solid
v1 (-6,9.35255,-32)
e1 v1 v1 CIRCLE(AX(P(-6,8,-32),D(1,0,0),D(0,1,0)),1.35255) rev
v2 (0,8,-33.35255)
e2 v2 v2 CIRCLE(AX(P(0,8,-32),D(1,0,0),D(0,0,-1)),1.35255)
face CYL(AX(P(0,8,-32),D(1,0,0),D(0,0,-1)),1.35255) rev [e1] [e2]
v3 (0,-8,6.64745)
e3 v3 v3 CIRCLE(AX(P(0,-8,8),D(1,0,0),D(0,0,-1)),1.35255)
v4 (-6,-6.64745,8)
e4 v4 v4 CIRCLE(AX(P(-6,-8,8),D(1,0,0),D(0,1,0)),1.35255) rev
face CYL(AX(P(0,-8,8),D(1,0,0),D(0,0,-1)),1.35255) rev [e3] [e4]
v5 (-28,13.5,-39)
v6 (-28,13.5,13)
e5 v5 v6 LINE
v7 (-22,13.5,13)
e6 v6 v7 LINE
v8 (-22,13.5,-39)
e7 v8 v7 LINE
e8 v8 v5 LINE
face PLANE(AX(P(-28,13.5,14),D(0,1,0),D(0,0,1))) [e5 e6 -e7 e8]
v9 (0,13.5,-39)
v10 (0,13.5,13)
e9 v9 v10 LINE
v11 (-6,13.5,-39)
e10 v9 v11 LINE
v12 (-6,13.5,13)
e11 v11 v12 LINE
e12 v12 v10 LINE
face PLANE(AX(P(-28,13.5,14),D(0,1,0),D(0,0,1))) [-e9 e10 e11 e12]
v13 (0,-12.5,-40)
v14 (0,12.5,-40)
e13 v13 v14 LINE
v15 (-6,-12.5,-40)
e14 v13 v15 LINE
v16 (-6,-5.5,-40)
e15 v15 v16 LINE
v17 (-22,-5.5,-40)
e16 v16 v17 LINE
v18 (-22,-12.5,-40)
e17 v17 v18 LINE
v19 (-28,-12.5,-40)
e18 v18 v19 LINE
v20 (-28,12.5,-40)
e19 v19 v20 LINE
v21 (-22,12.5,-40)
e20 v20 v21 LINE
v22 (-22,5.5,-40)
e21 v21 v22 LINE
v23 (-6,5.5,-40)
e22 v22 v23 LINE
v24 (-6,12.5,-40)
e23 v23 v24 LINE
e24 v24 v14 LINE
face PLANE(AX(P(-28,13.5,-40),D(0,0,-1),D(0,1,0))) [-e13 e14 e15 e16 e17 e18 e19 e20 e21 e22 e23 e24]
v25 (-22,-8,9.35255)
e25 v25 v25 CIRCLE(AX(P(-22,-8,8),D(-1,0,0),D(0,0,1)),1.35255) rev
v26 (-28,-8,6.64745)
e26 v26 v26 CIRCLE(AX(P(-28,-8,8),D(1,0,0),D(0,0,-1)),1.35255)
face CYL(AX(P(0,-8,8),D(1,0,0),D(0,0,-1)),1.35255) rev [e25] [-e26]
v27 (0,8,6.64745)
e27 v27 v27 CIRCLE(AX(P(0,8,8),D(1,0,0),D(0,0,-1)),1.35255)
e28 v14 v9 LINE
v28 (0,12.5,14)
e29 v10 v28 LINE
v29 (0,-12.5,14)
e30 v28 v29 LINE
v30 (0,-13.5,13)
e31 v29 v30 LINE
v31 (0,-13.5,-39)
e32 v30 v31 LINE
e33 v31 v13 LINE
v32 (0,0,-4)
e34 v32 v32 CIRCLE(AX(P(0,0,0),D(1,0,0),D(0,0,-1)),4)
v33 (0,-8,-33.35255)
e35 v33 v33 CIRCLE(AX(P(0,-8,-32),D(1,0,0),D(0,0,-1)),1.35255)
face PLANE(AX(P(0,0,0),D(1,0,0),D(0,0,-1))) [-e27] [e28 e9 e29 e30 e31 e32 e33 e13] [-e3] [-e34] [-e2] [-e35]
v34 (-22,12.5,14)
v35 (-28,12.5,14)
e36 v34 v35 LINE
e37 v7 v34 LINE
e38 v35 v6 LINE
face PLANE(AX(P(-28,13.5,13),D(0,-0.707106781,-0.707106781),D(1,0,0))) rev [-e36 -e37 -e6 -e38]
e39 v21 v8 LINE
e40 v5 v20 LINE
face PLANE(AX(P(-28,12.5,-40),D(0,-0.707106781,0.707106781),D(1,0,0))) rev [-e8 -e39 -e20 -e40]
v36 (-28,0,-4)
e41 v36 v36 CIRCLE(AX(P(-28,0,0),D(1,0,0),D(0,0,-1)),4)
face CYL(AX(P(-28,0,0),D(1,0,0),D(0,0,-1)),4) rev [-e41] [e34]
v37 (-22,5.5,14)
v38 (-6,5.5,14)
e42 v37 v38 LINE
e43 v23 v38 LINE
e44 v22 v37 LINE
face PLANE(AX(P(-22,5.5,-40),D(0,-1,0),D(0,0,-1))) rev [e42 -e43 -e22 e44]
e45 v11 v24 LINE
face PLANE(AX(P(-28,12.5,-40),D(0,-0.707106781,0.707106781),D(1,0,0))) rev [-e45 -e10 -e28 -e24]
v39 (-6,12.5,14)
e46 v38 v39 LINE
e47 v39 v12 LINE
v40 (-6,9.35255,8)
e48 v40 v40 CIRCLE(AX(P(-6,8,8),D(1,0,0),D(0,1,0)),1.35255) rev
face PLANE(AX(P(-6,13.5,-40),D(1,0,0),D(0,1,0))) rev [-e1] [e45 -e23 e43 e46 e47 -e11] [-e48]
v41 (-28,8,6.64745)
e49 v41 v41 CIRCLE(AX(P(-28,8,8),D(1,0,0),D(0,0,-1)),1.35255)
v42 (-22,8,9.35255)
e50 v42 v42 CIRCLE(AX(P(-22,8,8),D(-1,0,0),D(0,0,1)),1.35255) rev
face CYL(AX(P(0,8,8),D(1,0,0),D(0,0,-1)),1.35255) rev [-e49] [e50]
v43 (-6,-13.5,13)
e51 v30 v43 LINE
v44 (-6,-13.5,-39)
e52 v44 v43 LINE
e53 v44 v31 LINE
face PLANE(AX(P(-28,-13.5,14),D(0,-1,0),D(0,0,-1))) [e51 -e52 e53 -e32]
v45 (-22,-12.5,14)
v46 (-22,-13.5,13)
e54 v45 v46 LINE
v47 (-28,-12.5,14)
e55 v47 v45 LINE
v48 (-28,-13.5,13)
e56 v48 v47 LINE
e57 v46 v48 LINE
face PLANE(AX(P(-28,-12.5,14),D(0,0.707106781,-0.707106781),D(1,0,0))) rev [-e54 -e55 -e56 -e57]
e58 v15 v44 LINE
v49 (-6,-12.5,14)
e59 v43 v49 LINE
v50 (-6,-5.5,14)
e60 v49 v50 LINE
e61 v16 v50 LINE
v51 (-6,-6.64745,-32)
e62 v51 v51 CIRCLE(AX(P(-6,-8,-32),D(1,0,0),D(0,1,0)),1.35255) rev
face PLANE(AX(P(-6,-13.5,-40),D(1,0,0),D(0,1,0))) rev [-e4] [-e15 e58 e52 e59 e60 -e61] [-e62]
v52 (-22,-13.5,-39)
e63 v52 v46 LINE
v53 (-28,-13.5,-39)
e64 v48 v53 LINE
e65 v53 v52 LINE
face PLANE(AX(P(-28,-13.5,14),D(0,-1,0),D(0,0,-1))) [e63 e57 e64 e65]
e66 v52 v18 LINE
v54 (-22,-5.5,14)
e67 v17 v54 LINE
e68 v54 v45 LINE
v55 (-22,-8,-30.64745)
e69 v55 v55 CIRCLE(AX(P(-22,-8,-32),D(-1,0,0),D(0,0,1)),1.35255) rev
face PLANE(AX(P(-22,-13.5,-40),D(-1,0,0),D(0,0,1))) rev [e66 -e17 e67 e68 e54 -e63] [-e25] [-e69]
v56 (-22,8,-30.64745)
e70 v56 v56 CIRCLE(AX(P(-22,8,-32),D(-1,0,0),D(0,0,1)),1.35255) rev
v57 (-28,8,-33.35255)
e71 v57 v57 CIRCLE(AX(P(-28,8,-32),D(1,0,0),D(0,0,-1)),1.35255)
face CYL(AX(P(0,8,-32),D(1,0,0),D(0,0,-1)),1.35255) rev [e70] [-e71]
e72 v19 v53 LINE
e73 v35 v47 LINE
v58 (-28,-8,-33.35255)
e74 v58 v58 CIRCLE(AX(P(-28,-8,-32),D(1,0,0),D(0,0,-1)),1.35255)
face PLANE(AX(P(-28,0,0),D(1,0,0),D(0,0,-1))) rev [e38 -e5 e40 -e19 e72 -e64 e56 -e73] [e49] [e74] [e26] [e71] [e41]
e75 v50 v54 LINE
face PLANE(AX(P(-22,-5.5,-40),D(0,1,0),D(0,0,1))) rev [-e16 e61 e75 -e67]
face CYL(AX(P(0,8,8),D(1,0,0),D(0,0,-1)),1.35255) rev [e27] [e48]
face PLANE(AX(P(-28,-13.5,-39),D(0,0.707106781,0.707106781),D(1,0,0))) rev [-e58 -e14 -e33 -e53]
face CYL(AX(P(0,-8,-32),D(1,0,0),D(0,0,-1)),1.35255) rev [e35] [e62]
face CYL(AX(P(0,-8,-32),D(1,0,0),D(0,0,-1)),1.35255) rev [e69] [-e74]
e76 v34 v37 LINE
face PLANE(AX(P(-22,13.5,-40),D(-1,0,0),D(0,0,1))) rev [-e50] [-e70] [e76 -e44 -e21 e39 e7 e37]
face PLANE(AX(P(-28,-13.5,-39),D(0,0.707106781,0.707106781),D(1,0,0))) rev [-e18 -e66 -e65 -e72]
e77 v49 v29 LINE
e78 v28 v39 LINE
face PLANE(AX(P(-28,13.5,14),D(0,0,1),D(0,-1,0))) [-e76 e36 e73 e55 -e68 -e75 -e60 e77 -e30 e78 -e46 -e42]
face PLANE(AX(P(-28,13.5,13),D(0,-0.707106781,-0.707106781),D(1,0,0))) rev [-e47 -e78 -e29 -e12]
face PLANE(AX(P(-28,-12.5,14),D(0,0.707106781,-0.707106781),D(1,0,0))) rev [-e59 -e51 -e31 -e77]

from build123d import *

# Parameters (mm, degrees)
SKETCH1_W             = 54
SKETCH1_H             = 27
SKETCH1_R             = 4
BOSS_EXTRUDE1_DEPTH   = 28
F_6_32_TAPPED_HOLE1_D = 2.7051
SKETCH4_W             = 16
SKETCH4_H             = 8
CUT_EXTRUDE1_DEPTH    = 55
CHAMFER1_SIZE         = 1


with BuildPart() as part:
    # Sketch1 → Boss-Extrude1 (new body)
    with BuildSketch(Plane(origin=(0, 0, 0), x_dir=(0, 0, -1), z_dir=(1, 0, 0))):
        with Locations((13, 0)):
            Rectangle(SKETCH1_W, SKETCH1_H)
        Circle(SKETCH1_R, mode=Mode.SUBTRACT)
    extrude(amount=-BOSS_EXTRUDE1_DEPTH)

    # #6-32 Tapped Hole1 (through all)
    with Locations(Plane(origin=(0, 0, 0), x_dir=(0, 0, -1), z_dir=(1, 0, 0))):
        with Locations((-8, 8), (-8, -8), (32, -8), (32, 8)):
            Hole(F_6_32_TAPPED_HOLE1_D / 2)

    # Sketch4 → Cut-Extrude1 (cut, through all)
    with BuildSketch(Plane.XY.offset(14)):
        with Locations((-14, 9.5)):
            Rectangle(SKETCH4_W, SKETCH4_H)
        with Locations((-14, -9.5)):
            Rectangle(SKETCH4_W, SKETCH4_H)
    extrude(amount=-CUT_EXTRUDE1_DEPTH, mode=Mode.SUBTRACT)

    # Chamfer1
    chamfer1_edges = [part.edges().sort_by_distance(p)[0] for p in [
        (-3, 13.5, -40),
        (-3, 13.5, 14),
        (-3, -13.5, 14),
        (-3, -13.5, -40),
        (-25, 13.5, 14),
        (-25, 13.5, -40),
        (-25, -13.5, -40),
        (-25, -13.5, 14),
    ]]
    chamfer(chamfer1_edges, length=CHAMFER1_SIZE)


solid = part.part
